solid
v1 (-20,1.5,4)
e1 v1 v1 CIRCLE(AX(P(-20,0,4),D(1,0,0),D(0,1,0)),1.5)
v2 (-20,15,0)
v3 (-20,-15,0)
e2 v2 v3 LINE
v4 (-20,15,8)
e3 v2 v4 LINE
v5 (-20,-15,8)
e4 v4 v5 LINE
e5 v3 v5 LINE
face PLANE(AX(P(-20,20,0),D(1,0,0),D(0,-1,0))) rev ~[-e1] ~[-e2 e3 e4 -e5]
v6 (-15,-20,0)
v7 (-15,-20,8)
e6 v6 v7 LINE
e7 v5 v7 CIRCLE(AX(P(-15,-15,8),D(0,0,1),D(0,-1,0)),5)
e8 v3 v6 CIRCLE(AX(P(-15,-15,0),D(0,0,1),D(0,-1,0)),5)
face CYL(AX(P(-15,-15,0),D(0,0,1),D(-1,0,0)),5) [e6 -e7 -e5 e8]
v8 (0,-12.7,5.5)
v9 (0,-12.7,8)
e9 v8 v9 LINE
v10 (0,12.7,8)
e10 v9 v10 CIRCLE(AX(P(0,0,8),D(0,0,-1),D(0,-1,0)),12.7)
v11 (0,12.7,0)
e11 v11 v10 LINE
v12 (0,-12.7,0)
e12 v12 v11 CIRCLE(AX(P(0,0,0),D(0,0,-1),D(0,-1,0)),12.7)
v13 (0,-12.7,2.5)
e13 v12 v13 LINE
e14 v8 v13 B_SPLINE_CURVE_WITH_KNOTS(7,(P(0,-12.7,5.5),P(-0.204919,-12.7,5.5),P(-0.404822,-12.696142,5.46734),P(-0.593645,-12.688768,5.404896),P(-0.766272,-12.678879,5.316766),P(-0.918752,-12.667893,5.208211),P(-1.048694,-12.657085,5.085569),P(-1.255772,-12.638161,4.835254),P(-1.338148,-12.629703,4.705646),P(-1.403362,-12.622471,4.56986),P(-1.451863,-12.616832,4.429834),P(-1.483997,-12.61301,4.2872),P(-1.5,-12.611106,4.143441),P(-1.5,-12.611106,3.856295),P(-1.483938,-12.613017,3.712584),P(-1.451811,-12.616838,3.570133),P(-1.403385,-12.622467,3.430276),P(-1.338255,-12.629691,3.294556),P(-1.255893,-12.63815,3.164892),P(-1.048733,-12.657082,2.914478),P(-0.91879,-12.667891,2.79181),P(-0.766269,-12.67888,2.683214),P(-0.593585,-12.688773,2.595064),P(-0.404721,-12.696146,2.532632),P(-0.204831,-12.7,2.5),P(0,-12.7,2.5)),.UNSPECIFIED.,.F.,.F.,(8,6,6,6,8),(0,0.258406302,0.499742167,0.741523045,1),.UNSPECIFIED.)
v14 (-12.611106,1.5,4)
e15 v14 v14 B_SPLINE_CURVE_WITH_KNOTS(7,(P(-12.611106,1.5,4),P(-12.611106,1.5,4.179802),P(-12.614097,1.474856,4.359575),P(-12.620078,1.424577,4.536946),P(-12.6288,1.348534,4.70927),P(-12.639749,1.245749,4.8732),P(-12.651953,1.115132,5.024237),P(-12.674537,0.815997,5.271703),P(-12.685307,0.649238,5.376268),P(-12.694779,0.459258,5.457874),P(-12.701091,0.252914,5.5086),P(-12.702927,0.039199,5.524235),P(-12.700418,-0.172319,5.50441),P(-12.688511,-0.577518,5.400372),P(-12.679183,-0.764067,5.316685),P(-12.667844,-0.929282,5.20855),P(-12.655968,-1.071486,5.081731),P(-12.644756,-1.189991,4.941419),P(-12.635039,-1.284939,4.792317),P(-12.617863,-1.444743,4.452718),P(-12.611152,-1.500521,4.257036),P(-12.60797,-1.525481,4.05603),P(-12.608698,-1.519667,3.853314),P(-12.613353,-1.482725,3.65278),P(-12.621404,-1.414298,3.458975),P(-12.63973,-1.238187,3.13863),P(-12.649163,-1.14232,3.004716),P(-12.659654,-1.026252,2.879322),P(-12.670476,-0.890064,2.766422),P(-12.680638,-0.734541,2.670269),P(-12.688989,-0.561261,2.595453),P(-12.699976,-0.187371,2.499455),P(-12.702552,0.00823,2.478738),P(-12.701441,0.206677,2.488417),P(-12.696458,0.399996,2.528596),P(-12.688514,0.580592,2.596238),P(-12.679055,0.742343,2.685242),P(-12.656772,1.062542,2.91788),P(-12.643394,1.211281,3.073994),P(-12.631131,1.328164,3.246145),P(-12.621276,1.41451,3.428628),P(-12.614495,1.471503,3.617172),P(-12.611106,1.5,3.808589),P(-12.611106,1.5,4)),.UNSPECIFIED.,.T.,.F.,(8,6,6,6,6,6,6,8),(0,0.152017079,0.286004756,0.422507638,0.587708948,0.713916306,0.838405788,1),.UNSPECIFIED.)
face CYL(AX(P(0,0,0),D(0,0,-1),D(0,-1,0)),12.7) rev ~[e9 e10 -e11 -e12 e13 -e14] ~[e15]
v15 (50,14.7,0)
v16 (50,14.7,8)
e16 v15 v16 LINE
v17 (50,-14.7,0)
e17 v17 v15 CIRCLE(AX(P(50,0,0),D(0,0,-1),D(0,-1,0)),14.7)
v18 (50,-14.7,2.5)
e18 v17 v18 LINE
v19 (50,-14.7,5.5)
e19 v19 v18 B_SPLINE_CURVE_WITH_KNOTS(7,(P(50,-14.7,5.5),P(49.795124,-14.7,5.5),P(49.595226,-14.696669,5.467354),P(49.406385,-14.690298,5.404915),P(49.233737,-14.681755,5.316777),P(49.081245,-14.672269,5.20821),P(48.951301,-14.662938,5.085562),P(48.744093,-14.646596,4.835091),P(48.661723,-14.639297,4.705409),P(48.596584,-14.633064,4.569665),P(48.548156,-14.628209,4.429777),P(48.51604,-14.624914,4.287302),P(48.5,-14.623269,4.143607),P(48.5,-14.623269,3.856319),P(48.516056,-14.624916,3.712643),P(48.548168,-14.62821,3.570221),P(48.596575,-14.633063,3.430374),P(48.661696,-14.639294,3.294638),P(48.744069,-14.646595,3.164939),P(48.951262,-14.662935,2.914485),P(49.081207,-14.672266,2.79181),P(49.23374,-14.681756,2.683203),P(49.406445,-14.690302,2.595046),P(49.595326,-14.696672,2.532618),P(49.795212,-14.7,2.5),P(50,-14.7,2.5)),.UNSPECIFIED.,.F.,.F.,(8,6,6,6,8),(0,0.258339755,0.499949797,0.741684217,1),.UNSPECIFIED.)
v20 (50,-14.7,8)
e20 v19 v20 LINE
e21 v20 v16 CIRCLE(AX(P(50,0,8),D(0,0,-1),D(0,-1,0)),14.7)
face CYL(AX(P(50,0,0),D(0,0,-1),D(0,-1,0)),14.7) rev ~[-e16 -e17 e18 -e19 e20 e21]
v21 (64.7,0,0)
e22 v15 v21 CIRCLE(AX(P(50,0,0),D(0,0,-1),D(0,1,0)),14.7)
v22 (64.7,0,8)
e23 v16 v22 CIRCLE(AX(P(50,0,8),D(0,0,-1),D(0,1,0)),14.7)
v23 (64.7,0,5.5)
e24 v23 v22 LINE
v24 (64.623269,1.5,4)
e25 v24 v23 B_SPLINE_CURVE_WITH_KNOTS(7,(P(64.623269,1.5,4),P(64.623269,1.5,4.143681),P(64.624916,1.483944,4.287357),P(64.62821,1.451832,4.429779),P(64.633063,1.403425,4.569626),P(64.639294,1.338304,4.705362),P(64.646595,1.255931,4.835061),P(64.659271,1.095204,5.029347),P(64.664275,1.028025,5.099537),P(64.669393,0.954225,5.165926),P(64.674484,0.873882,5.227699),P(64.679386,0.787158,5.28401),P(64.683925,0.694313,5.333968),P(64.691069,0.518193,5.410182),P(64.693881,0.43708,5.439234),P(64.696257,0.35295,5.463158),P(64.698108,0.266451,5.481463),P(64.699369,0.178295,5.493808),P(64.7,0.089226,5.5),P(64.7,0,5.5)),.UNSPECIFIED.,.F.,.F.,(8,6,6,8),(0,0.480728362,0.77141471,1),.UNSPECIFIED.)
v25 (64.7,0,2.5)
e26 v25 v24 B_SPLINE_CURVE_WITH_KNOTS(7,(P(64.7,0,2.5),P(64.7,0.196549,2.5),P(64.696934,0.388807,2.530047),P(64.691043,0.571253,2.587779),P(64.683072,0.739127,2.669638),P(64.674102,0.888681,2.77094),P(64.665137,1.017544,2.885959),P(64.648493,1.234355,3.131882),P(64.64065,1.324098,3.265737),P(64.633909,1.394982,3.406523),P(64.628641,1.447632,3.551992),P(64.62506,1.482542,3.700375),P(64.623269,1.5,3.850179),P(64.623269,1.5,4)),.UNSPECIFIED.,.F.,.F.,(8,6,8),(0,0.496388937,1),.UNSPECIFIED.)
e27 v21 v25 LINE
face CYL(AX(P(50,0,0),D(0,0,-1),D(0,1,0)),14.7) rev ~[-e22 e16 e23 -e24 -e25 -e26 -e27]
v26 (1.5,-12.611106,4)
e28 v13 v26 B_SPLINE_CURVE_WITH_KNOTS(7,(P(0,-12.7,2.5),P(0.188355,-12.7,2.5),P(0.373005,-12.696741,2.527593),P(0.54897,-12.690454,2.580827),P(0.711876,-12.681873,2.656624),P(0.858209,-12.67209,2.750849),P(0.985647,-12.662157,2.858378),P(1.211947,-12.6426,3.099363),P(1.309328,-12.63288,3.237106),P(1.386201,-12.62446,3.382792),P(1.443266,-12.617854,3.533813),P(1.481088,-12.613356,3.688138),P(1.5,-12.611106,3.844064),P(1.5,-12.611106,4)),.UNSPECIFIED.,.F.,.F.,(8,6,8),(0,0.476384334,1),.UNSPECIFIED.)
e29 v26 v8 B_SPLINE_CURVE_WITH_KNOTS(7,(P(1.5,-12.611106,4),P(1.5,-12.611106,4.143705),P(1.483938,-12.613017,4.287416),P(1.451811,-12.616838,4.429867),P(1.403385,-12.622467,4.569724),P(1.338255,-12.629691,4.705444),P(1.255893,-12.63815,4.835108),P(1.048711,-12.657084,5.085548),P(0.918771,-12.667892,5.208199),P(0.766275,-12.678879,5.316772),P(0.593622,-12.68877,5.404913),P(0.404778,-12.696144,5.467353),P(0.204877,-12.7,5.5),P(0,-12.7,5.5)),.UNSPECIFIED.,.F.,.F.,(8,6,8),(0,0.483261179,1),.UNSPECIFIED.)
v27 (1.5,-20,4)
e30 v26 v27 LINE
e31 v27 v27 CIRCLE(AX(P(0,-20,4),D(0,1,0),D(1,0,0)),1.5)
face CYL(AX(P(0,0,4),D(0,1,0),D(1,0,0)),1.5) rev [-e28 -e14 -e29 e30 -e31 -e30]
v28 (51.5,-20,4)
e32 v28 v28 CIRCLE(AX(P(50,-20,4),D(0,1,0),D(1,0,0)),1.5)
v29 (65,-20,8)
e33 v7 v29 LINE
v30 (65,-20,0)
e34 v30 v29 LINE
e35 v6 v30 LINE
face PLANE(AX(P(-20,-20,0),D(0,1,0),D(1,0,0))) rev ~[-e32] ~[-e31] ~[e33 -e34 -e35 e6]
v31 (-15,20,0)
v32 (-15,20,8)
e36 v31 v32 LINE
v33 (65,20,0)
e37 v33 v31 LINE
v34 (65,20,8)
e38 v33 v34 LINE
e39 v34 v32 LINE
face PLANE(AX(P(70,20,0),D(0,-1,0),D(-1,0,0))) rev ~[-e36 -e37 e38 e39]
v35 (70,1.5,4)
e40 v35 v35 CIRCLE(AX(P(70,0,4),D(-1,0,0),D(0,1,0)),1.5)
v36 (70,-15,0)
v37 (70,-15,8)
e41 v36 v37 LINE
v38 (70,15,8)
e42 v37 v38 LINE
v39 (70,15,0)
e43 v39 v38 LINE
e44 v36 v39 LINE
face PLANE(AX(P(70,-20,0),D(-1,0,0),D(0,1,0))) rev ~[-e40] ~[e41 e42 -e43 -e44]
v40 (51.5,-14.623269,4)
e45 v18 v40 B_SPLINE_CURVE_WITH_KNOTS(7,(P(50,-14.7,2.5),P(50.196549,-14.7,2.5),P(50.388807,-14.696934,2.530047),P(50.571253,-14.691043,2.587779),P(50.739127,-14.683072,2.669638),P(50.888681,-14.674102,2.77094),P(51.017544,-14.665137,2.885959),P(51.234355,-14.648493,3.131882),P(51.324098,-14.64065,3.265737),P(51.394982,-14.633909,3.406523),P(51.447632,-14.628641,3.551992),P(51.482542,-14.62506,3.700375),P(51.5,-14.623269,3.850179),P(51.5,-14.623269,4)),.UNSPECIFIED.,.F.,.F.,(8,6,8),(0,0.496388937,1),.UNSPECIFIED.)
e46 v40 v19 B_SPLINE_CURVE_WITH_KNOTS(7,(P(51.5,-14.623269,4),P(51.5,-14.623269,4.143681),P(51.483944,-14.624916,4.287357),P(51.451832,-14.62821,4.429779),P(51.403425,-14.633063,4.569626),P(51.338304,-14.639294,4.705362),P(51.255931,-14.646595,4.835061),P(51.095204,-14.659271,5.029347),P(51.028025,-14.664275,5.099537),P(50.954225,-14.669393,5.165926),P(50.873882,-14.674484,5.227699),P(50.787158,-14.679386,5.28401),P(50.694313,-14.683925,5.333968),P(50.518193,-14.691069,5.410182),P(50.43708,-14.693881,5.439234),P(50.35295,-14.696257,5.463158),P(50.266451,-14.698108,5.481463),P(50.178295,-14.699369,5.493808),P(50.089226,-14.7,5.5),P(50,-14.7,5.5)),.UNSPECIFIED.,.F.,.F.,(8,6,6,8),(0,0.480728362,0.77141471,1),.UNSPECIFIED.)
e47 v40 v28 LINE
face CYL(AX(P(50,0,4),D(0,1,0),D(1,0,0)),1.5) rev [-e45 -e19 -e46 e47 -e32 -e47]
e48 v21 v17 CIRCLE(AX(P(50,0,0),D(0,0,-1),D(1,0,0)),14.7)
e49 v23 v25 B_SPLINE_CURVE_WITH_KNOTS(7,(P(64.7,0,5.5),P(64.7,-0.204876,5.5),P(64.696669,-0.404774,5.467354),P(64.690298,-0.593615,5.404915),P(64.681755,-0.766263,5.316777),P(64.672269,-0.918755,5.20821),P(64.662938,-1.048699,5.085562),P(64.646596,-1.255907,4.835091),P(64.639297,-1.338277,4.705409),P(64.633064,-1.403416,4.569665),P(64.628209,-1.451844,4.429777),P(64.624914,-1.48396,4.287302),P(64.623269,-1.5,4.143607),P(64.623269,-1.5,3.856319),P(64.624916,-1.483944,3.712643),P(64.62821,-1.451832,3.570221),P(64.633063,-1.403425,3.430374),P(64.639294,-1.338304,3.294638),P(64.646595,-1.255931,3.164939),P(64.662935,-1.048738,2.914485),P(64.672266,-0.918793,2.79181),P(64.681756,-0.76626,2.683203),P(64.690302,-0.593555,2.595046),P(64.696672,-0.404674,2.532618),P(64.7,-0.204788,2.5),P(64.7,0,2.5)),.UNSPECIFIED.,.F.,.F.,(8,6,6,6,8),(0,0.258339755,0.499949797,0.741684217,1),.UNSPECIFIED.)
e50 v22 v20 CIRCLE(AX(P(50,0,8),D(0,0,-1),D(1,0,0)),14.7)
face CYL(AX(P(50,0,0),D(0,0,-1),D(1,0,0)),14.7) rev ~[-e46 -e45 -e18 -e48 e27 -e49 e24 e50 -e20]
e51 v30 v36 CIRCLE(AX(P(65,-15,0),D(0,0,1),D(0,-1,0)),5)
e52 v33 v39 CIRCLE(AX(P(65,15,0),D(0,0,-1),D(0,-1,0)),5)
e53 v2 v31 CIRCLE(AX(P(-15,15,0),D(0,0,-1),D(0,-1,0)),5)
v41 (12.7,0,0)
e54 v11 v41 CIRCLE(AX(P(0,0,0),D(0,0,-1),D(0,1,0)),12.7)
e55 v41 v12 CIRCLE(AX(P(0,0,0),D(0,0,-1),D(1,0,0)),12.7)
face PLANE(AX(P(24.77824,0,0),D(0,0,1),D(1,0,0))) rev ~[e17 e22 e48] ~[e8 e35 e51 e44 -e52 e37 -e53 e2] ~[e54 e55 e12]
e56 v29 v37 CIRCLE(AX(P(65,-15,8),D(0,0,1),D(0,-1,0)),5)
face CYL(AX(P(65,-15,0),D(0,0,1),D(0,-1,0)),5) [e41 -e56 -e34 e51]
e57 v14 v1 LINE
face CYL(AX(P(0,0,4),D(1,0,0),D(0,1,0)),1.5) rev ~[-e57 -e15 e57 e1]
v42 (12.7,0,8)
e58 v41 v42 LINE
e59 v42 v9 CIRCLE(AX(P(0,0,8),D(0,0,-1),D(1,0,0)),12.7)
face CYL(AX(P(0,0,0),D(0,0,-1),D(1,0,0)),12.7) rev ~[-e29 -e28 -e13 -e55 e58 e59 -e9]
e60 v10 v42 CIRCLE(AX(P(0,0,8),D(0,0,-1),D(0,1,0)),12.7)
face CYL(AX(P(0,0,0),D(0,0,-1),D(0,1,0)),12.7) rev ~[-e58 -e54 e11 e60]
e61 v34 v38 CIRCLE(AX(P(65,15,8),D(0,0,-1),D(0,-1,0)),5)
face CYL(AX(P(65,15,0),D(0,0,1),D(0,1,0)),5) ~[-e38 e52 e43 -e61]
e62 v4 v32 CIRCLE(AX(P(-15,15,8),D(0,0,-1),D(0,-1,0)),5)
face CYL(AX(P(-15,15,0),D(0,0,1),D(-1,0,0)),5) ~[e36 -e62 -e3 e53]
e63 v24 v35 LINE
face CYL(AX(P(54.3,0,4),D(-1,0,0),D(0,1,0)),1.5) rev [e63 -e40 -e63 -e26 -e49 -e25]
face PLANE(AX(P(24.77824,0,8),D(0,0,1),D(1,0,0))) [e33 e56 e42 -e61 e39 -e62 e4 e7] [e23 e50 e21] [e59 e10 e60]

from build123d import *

# Parameters (mm, degrees)
F1_DEPTH = 8
F2_R     = 1.5
F3_DEPTH = 25
F4_R     = 1.5
F5_DEPTH = 25
F6_START = 54.3
F6_DEPTH = 27.9
F7_R     = 5


with BuildPart() as f1:
    # F0 (on Top) → F1 (new body)
    with BuildSketch(Plane.XY):
        with BuildLine():
            ThreePointArc((0, 12.7), (8.9802561211, 8.9802561211), (12.7, 0))
            ThreePointArc((12.7, 0), (8.9802561211, -8.9802561211), (0, -12.7))
            Line((0, -12.7), (0, -20))
            Line((0, -20), (50, -20))
            Line((50, -20), (50, -14.7))
            ThreePointArc((50, -14.7), (35.3, 0), (50, 14.7))
            Line((50, 14.7), (50, 20))
            Line((50, 20), (0, 20))
            Line((0, 20), (0, 12.7))
        make_face()
        with BuildLine():
            ThreePointArc((0, -12.7), (-12.7, 0), (0, 12.7))
            Line((0, 12.7), (0, 20))
            Line((0, 20), (-20, 20))
            Line((-20, 20), (-20, -20))
            Line((-20, -20), (0, -20))
            Line((0, -20), (0, -12.7))
        make_face()
        with BuildLine():
            Line((70, 20), (50, 20))
            Line((50, 20), (50, 14.7))
            ThreePointArc((50, 14.7), (60.3944696834, 10.3944696834), (64.7, 0))
            ThreePointArc((64.7, 0), (60.3944696834, -10.3944696834), (50, -14.7))
            Line((50, -14.7), (50, -20))
            Line((50, -20), (70, -20))
            Line((70, -20), (70, 20))
        make_face()
    extrude(amount=F1_DEPTH)

    # F2 (on Front) → F3 (cut)
    with BuildSketch(Plane.XZ):
        with Locations((0, 4)):
            Circle(F2_R)
        with Locations((50, 4)):
            Circle(F2_R)
    extrude(amount=F3_DEPTH, mode=Mode.SUBTRACT)

    # F4 (on Right) → F5 (cut)
    with BuildSketch(Plane.YZ):
        with Locations((0, 4)):
            Circle(F4_R)
    extrude(amount=-F5_DEPTH, mode=Mode.SUBTRACT)

    # F4 (on Right) → F6 (cut)
    with BuildSketch(Plane.YZ.offset(F6_START)):
        with Locations((0, 4)):
            Circle(F4_R)
    extrude(amount=F6_DEPTH, mode=Mode.SUBTRACT)

    # F7
    f7_edges = [f1.edges().sort_by_distance(p)[0] for p in [
        (70, 20, 4),
        (70, -20, 4),
        (-20, 20, 4),
        (-20, -20, 4),
    ]]
    fillet(f7_edges, radius=F7_R)


solid = f1.part
